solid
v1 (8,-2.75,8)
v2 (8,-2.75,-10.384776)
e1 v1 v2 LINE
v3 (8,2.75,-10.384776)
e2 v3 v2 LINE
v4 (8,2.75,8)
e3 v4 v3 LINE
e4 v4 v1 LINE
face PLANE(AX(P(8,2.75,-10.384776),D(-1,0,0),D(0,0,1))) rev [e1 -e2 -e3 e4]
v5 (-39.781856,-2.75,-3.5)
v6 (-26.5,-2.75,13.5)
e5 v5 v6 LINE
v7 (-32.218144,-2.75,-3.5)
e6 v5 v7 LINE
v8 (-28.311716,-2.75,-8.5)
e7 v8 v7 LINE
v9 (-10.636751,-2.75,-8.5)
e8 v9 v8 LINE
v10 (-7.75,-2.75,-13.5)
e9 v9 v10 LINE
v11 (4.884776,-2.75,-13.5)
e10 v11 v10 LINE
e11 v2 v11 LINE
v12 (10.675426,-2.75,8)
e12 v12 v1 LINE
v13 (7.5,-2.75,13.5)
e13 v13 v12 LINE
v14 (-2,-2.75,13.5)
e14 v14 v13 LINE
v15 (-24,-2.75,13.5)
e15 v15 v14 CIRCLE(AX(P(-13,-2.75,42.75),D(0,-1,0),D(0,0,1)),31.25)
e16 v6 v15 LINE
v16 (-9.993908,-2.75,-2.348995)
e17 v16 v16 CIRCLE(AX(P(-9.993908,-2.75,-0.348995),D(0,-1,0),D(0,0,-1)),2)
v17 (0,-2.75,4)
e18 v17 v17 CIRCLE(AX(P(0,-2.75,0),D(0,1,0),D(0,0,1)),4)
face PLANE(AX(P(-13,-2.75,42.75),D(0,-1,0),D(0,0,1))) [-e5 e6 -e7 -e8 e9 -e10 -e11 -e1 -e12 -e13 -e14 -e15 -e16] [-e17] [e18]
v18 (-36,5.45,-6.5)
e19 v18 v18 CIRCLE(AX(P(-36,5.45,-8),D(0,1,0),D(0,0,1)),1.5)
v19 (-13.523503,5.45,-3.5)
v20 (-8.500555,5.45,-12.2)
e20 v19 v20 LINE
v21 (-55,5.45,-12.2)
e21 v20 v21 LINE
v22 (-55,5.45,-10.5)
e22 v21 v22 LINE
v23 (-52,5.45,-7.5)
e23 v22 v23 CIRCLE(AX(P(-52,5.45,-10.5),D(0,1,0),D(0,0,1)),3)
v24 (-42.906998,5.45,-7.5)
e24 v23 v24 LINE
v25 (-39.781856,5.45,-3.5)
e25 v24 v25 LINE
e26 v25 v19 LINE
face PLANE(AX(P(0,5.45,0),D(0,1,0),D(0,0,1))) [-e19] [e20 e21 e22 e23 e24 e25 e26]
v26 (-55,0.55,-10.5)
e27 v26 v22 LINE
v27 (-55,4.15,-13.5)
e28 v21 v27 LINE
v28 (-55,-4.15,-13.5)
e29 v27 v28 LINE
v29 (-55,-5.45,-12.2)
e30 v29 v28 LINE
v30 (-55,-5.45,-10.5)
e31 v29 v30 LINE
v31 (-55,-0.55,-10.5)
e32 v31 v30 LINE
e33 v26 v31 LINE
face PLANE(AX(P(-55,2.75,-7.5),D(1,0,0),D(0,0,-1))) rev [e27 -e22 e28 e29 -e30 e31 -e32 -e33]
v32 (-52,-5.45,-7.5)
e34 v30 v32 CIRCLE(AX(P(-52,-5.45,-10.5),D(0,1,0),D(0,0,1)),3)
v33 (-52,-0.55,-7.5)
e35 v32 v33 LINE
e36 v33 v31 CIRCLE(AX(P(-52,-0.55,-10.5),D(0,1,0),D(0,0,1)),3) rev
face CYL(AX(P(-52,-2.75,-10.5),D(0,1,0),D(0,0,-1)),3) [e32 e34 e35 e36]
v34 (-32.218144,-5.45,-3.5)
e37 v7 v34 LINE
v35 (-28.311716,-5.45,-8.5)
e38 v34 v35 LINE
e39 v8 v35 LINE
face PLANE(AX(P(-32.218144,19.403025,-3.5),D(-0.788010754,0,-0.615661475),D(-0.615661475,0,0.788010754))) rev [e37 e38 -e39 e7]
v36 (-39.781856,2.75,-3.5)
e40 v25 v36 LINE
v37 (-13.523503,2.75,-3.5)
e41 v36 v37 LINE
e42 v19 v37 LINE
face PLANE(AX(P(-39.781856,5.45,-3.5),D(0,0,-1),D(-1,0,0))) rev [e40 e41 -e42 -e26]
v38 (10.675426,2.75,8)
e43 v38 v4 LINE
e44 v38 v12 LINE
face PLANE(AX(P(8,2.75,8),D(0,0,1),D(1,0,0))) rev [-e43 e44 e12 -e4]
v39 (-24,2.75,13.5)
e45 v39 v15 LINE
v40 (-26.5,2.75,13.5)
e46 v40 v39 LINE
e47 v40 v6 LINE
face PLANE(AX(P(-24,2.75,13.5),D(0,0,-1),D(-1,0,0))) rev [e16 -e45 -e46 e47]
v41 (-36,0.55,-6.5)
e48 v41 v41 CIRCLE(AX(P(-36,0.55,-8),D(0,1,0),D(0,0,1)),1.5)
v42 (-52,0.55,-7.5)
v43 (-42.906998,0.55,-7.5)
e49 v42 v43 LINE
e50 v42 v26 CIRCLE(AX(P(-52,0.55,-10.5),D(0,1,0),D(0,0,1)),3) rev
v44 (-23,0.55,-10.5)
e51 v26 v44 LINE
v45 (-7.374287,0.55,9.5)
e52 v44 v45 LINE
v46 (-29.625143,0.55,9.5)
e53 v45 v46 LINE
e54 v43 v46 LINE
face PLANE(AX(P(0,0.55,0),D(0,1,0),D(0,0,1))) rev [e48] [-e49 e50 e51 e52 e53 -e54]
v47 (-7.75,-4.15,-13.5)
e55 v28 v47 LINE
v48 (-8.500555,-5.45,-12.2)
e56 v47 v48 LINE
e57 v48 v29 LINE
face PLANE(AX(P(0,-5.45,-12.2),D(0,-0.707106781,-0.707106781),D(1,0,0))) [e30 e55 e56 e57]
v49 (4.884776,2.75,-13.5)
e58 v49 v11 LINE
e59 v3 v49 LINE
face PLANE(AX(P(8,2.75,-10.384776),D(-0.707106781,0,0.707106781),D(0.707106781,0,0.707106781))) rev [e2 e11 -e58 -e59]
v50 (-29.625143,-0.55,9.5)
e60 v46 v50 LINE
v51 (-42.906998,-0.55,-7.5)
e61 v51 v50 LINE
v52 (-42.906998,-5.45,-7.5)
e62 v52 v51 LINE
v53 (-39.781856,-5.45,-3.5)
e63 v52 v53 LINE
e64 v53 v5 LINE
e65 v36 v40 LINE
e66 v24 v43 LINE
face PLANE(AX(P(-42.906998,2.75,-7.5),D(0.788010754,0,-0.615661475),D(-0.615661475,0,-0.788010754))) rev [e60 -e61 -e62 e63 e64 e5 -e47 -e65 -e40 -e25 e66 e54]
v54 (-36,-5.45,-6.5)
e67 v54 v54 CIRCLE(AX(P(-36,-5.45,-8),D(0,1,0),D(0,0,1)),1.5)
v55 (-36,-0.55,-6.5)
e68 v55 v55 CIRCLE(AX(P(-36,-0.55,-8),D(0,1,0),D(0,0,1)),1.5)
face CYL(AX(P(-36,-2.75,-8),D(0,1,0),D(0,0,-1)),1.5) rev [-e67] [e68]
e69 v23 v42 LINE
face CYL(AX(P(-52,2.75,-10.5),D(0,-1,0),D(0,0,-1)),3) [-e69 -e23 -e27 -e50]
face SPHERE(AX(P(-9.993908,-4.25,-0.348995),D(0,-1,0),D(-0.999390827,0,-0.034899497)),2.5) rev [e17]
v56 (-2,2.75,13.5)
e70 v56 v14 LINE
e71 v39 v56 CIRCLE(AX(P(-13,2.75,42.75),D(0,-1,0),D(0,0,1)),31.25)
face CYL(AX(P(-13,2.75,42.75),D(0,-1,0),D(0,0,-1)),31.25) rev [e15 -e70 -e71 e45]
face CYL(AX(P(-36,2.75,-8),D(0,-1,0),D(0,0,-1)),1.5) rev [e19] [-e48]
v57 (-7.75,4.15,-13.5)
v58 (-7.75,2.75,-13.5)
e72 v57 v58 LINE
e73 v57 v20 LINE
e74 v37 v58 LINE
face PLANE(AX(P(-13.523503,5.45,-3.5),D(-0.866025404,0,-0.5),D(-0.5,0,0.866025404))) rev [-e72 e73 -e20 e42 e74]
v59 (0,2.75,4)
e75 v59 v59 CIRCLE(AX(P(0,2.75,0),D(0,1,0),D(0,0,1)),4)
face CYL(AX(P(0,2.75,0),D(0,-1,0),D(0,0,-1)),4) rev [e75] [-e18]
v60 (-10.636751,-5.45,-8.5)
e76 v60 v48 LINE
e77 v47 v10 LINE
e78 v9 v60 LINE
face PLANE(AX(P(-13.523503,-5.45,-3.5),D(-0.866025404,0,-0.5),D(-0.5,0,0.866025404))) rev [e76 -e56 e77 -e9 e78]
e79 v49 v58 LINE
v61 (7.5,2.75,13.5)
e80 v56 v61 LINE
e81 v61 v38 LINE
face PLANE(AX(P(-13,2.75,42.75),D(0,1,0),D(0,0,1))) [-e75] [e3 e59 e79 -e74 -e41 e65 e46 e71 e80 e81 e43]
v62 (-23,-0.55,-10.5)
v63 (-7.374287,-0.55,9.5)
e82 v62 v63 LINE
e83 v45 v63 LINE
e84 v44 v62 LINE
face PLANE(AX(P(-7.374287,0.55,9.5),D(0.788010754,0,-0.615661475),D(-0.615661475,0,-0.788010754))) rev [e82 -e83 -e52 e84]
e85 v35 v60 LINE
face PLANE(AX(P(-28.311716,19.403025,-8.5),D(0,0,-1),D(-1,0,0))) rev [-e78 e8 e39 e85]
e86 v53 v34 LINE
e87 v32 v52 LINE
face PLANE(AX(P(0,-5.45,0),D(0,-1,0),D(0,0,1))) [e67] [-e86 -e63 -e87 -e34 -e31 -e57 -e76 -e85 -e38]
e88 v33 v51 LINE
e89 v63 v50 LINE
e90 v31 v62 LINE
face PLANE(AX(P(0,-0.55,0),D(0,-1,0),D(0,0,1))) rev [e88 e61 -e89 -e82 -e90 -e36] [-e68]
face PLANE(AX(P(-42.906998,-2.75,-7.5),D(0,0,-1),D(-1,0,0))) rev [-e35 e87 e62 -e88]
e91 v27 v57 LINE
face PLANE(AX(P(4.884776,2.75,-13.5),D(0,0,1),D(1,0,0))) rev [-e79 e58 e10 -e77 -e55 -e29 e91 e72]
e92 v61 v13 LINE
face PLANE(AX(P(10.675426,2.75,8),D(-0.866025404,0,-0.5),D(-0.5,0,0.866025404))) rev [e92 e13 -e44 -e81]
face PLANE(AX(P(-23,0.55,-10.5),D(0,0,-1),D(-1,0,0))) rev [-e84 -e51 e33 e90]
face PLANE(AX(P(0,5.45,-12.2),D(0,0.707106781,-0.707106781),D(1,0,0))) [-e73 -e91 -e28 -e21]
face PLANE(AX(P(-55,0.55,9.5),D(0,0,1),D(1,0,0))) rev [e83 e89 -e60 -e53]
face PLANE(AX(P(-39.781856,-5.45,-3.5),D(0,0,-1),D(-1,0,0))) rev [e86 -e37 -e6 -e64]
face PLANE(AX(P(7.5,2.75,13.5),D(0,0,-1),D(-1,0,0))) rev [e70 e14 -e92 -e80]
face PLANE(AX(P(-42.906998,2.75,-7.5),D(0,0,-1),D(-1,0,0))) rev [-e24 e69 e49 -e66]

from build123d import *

# Parameters (mm, degrees)
SKETCH1_R           = 4
SKETCH1_R_2         = 1.5
BOSS_EXTRUDE1_DEPTH = 2.75
SKETCH2_R           = 1.5
BOSS_EXTRUDE2_DEPTH = 2.7
CUT_EXTRUDE1_DEPTH  = 0.55
FILLET1_R           = 3
CHAMFER1_SIZE       = 1.3
CUT_EXTRUDE3_DEPTH  = 2.7


with BuildPart() as part:
    # Sketch1 → Boss-Extrude1 (new body)
    with BuildSketch(Plane(origin=(0, 0, 0), x_dir=(1, 0, 0), z_dir=(0, 1, 0))):
        with BuildLine():
            Line((4.884776311, 13.5), (-55, 13.5))
            Line((-55, 13.5), (-55, 7.5))
            Line((-55, 7.5), (-42.906998157, 7.5))
            Line((-42.906998157, 7.5), (-26.5, -13.5))
            Line((-26.5, -13.5), (-24, -13.5))
            ThreePointArc((-24, -13.5), (-13, -11.5), (-2, -13.5))
            Line((-2, -13.5), (7.5, -13.5))
            Line((7.5, -13.5), (10.675426481, -8))
            Line((10.675426481, -8), (8, -8))
            Line((8, -8), (8, 10.384776311))
            Line((8, 10.384776311), (4.884776311, 13.5))
        make_face()
        Circle(SKETCH1_R, mode=Mode.SUBTRACT)
        with Locations((-36, 8)):
            Circle(SKETCH1_R_2, mode=Mode.SUBTRACT)
    extrude(amount=BOSS_EXTRUDE1_DEPTH)

    # Sketch2 → Boss-Extrude2 (add)
    with BuildSketch(Plane(origin=(0, 2.75, 0), x_dir=(1, 0, 0), z_dir=(0, 1, 0))):
        Polygon((-39.781855651, 3.5), (-13.523502692, 3.5), (-7.75, 13.5), (-55, 13.5), (-55, 7.5), (-42.906998157, 7.5), align=None)
        with Locations((-36, 8)):
            Circle(SKETCH2_R, mode=Mode.SUBTRACT)
    extrude(amount=BOSS_EXTRUDE2_DEPTH)

    # Sketch3 → Cut-Extrude1 (cut)
    with BuildSketch(Plane.XZ):
        Polygon((-23, -10.5), (-55, -10.5), (-55, 9.5), (-7.37428747, 9.5), align=None)
    extrude(amount=-CUT_EXTRUDE1_DEPTH, mode=Mode.SUBTRACT)

    # Fillet1
    fillet1_edges = [part.edges().sort_by_distance(p)[0] for p in [
        (-55, 3, -7.5),
    ]]
    fillet(fillet1_edges, radius=FILLET1_R)

    # Chamfer1
    chamfer1_edges = [part.edges().sort_by_distance(p)[0] for p in [
        (-31.375, 5.45, -13.5),
    ]]
    chamfer(chamfer1_edges, length=CHAMFER1_SIZE)

    # Mirror1: part across plane


with BuildPart() as part_1:
    add(part.part)
    add(part.part.mirror(Plane.ZX))

    # Sketch6 → Cut-Extrude3 (cut)
    with BuildSketch(Plane.XZ.offset(5.45)):
        Polygon((-32.218144349, -3.5), (-28.311716217, -8.5), (-10.636751346, -8.5), (-13.523502692, -3.5), align=None)
    extrude(amount=-CUT_EXTRUDE3_DEPTH, mode=Mode.SUBTRACT)

    # Sketch7 → Cut-Revolve1 (revolve, cut)
    with BuildSketch(Plane(origin=(0, 0, 0), x_dir=(0.999390827, 0, 0.034899497), z_dir=(-0.034899497, 0, 0.999390827))):
        with BuildLine():
            Line((-10, -2.75), (-10, -1.75))
            ThreePointArc((-10, -1.75), (-11.118033989, -2.013932023), (-12, -2.75))
            Line((-12, -2.75), (-10, -2.75))
        make_face()
    revolve(axis=Axis((-9.99390827, -10.952082058, -0.348994967), (0, 1, 0)), mode=Mode.SUBTRACT)


solid = part_1.part
